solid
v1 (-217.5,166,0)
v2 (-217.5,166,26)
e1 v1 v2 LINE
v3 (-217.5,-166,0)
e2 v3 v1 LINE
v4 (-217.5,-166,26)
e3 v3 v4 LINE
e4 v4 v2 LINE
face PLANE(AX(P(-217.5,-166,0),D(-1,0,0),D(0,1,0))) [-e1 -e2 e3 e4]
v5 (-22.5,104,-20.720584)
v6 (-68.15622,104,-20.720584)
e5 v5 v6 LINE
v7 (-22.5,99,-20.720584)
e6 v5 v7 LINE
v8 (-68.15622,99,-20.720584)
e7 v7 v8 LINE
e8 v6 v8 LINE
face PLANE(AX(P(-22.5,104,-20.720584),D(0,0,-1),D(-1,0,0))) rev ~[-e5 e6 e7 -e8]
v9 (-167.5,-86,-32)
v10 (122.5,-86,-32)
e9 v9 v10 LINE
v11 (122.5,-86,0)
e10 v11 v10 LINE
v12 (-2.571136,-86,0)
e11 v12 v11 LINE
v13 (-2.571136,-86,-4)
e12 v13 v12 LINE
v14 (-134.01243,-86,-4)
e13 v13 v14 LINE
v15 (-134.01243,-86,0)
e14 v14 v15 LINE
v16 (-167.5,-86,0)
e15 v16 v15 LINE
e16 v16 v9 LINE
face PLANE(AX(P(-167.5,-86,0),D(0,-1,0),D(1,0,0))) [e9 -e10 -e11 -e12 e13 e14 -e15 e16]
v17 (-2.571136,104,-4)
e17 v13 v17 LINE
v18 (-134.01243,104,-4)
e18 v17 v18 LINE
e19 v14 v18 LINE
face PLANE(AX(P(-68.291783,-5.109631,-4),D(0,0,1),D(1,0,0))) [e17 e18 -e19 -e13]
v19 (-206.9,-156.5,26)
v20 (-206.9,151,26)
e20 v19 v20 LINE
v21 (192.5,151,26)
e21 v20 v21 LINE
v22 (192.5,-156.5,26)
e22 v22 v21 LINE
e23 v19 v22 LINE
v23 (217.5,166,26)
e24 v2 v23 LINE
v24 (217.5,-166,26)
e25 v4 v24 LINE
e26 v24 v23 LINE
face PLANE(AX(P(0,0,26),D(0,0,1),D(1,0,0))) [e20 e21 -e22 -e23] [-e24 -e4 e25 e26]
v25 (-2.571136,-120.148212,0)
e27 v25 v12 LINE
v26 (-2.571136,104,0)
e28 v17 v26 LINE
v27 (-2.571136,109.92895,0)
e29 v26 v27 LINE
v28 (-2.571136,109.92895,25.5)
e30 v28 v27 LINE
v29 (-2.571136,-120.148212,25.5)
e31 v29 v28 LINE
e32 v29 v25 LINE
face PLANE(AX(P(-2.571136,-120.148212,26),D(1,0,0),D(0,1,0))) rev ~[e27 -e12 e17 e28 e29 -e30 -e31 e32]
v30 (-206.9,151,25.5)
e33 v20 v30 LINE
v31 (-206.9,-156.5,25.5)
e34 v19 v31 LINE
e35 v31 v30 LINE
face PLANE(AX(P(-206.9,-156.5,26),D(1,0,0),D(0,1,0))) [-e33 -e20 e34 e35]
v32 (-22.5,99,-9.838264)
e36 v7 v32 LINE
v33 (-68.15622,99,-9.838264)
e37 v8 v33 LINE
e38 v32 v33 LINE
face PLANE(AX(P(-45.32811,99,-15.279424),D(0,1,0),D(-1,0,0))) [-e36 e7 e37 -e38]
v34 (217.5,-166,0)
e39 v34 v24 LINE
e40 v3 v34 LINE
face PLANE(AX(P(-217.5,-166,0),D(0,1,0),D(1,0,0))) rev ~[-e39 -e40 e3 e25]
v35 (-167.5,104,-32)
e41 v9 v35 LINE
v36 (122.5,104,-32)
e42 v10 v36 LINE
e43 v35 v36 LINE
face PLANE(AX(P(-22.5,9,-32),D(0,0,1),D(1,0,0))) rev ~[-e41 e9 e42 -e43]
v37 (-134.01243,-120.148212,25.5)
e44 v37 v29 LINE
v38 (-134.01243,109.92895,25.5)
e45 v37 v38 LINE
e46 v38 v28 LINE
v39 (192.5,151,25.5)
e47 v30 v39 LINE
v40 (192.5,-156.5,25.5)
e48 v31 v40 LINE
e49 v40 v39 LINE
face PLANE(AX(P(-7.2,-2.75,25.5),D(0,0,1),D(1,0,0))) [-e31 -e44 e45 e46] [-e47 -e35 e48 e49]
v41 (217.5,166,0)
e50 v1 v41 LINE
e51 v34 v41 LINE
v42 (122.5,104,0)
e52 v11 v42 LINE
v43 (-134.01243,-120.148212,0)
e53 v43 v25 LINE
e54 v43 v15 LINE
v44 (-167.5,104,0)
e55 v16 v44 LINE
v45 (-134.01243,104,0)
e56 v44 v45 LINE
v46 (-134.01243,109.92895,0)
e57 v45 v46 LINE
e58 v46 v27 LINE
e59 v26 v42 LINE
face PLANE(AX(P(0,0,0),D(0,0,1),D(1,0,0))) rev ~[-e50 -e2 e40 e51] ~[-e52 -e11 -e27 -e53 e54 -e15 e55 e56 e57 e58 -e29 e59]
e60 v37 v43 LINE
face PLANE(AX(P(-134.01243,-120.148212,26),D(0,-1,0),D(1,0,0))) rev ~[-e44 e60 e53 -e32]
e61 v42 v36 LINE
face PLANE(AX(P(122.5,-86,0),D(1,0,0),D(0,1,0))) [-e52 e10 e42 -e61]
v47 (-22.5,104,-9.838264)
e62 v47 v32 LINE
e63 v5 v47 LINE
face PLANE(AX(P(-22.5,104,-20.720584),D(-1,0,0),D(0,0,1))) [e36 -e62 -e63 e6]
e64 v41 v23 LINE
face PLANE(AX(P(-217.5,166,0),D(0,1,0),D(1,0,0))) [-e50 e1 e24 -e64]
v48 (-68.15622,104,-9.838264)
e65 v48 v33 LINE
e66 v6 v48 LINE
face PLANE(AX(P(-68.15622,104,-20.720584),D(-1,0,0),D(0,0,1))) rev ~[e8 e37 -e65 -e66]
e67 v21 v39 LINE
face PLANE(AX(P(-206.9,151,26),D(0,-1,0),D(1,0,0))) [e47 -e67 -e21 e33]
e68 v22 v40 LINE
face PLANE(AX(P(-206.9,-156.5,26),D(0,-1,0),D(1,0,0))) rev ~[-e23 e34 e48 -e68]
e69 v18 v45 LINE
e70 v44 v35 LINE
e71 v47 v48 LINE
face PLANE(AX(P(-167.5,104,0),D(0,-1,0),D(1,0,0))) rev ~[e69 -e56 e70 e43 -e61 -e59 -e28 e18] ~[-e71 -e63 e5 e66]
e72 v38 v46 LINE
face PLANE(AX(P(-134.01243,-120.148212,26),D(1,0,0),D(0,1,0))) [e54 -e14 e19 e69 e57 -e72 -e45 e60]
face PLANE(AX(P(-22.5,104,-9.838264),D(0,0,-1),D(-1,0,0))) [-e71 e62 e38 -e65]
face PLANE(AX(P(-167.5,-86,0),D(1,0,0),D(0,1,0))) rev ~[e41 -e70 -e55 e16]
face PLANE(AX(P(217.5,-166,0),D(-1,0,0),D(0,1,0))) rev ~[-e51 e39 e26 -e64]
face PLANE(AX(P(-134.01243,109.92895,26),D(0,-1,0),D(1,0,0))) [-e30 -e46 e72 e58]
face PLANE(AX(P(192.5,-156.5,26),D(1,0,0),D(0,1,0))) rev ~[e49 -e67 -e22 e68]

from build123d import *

# Parameters (mm, degrees)
F0_W     = 435
F0_H     = 332
F1_DEPTH = 26
F2_W     = 399.4
F2_H     = 307.5
F3_DEPTH = 0.5
F4_W     = 290
F4_H     = 190
F5_DEPTH = 32
F6_W     = 45.65622
F6_H     = 10.88232
F7_DEPTH = 5
F8_W     = 131.441295
F8_H     = 230.077163
F9_DEPTH = 30


with BuildPart() as f1:
    # F0 (on Top) → F1 (new body)
    with BuildSketch(Plane.XY):
        Rectangle(F0_W, F0_H)
    extrude(amount=F1_DEPTH)

    # F2 (on face) → F3 (cut)
    with BuildSketch(Plane.XY.offset(26)):
        with Locations((-7.2, -2.75)):
            Rectangle(F2_W, F2_H)
    extrude(amount=-F3_DEPTH, mode=Mode.SUBTRACT)

    # F4 (on face) → F5 (join)
    with BuildSketch(Plane.XY):
        with Locations((-22.5, 9)):
            Rectangle(F4_W, F4_H)
    extrude(amount=-F5_DEPTH)

    # F6 (on face) → F7 (cut)
    with BuildSketch(Plane(origin=(0, 104, 0), x_dir=(-1, 0, 0), z_dir=(0, 1, 0))):
        with Locations((45.32811, -15.279424)):
            Rectangle(F6_W, F6_H)
    extrude(amount=-F7_DEPTH, mode=Mode.SUBTRACT)

    # F8 (on face) → F9 (cut)
    with BuildSketch(Plane.XY.offset(26)):
        with Locations((-68.291783, -5.109631)):
            Rectangle(F8_W, F8_H)
    extrude(amount=-F9_DEPTH, mode=Mode.SUBTRACT)


solid = f1.part
